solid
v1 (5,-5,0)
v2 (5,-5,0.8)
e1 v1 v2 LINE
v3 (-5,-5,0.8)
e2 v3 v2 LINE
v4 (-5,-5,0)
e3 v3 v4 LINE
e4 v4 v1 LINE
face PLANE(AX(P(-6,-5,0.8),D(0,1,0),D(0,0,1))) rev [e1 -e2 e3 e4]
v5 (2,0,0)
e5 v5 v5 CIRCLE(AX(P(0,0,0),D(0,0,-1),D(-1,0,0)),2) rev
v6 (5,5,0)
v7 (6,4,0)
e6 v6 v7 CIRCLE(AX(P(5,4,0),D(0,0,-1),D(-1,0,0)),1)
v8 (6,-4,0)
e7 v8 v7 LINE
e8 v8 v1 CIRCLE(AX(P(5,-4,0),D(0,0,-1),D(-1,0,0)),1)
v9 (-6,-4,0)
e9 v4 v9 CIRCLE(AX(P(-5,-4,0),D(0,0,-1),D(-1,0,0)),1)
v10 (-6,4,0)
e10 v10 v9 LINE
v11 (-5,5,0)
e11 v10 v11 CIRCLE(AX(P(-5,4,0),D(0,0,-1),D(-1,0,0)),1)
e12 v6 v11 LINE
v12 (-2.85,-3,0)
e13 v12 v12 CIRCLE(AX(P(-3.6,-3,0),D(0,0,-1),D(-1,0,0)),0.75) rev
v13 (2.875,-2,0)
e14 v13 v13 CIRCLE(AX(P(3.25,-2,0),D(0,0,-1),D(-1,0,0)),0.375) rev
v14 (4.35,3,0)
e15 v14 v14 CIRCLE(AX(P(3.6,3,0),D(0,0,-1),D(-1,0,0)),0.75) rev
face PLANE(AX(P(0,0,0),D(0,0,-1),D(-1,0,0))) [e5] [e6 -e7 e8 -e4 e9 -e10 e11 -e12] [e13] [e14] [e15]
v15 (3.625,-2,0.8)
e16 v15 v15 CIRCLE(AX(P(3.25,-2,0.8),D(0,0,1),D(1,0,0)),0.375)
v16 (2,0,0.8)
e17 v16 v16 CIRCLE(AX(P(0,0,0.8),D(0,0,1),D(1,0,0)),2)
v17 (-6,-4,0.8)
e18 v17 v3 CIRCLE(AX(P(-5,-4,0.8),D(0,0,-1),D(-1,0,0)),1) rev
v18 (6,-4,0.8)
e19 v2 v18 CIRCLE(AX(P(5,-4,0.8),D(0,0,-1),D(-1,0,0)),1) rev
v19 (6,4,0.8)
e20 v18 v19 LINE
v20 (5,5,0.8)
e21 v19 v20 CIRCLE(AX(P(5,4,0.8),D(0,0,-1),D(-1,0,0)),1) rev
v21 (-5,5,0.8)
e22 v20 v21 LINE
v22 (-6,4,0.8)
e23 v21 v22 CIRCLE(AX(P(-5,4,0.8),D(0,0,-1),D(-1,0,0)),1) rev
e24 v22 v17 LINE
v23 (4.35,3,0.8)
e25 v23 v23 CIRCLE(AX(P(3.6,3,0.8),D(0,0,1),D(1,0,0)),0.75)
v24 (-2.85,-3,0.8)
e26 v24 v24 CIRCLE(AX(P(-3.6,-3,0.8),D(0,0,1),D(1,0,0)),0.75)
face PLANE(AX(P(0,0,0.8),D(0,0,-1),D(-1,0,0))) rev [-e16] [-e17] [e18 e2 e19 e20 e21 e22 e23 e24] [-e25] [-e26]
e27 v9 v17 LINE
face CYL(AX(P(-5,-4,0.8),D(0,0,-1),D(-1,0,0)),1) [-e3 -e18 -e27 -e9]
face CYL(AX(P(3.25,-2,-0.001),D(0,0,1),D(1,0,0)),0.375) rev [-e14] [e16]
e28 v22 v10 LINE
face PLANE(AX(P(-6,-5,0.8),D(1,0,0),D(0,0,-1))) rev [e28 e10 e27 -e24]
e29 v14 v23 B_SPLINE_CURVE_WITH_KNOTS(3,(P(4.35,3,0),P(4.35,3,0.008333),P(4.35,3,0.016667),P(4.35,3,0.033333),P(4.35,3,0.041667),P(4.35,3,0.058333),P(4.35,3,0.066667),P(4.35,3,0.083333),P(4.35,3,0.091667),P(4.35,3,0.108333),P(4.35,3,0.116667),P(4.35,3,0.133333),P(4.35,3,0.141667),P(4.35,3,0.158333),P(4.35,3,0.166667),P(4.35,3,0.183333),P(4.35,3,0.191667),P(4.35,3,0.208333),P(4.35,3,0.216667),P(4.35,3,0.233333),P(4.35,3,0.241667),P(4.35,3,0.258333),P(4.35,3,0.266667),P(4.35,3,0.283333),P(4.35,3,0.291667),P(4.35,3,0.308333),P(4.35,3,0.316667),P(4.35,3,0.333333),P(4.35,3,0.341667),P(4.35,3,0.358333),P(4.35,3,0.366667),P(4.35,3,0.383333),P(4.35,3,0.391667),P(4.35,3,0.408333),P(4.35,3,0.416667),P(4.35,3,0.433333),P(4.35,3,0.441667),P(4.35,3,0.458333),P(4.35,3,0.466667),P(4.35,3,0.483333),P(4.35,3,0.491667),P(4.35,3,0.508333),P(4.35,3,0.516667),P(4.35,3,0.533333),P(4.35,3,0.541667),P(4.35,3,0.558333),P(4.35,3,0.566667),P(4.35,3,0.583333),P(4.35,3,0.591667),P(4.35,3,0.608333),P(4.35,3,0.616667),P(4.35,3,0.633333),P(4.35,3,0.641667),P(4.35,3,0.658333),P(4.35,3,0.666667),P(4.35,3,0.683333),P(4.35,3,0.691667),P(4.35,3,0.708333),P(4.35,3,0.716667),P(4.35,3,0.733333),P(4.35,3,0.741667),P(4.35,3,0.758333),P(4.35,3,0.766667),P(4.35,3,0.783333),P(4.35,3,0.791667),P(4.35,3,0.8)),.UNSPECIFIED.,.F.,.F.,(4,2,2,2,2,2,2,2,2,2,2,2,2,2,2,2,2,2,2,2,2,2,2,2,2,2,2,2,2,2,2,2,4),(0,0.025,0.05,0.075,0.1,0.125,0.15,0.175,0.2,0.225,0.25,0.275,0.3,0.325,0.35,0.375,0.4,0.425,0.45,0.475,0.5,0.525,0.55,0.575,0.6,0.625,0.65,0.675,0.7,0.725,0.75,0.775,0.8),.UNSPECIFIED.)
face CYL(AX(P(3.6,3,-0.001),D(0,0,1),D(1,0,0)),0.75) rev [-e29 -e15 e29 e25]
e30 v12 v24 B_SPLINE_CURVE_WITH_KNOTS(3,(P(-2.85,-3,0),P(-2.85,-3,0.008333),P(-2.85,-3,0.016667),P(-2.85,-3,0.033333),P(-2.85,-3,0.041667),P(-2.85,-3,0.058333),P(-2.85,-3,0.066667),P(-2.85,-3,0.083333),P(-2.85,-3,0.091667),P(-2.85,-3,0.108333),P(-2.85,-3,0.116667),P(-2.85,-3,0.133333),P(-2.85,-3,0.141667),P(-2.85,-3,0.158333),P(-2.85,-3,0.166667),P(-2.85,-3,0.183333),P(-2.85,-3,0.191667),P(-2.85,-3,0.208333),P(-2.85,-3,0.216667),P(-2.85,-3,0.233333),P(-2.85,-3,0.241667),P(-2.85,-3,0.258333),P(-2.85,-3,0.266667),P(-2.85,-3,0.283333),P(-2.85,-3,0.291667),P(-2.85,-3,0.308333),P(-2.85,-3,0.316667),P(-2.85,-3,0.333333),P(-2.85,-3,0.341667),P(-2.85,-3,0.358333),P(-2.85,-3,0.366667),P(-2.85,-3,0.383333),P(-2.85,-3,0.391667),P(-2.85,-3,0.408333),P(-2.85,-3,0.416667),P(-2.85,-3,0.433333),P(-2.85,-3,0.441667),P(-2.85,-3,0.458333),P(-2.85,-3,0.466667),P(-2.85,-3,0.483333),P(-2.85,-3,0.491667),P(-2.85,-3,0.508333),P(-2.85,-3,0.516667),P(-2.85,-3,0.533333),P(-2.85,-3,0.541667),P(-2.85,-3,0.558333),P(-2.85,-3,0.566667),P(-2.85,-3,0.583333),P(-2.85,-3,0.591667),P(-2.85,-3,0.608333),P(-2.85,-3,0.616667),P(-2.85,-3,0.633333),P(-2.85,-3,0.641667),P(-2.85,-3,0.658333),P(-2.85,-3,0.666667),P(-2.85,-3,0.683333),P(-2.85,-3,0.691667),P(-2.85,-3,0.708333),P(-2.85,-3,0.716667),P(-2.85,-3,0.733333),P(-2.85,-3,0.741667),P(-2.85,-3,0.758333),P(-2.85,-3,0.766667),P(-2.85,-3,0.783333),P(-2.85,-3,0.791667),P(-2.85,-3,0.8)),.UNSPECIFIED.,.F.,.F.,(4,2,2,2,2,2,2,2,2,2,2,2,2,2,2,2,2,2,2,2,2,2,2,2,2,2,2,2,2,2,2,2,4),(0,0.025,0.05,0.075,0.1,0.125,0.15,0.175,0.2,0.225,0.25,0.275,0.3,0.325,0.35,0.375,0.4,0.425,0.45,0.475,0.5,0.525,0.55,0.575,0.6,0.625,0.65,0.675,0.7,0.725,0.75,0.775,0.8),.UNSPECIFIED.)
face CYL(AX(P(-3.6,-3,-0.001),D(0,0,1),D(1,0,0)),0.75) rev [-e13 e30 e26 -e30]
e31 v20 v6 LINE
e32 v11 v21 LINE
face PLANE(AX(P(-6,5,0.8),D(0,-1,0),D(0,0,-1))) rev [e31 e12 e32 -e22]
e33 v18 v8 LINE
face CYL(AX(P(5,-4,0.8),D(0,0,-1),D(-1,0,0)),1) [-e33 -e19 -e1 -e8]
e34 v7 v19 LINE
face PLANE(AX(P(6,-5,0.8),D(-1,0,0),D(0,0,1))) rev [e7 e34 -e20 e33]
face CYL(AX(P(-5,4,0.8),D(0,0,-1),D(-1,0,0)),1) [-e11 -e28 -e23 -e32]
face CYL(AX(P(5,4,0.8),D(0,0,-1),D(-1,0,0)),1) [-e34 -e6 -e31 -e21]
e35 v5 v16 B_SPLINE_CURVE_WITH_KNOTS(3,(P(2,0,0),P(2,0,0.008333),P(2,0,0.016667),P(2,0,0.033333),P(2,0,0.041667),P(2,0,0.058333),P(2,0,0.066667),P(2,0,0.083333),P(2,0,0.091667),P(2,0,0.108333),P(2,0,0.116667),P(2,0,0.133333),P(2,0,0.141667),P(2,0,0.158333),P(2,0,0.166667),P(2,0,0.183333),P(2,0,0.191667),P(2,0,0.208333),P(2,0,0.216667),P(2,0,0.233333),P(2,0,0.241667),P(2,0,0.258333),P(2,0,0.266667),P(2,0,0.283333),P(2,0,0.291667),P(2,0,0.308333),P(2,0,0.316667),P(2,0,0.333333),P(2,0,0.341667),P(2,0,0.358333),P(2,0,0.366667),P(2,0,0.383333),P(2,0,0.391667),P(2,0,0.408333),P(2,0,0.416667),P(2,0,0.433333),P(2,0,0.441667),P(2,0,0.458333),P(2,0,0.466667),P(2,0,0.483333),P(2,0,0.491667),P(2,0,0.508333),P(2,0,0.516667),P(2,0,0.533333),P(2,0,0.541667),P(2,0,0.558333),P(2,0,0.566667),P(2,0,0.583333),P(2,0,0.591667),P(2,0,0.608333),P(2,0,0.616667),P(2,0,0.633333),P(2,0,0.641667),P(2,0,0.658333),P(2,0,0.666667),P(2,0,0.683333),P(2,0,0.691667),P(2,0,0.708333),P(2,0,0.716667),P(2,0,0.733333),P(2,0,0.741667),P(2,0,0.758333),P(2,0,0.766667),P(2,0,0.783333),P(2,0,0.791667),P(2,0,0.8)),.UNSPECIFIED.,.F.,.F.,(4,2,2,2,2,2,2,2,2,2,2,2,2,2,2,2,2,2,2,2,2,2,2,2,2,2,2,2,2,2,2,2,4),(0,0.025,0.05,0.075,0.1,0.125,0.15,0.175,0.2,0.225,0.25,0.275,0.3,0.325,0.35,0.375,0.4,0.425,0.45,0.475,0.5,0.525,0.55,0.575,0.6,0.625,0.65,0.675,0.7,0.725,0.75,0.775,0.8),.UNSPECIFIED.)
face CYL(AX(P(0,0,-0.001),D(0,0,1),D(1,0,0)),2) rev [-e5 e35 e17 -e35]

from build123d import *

# Parameters (mm, degrees)
SKETCH_1_W          = 12
SKETCH_1_H          = 10
EXTRUDE_1_DEPTH     = 0.8
CUT_EXTRUDE_1_REACH = 9.851
SKETCH_2_R          = 2
SKETCH_2_R_2        = 0.75
SKETCH_2_R_3        = 0.375
FILLET_1_R          = 1


with BuildPart() as part:
    # Эскиз1 → Бобышка-Вытянуть1 (new body)
    with BuildSketch(Plane.XY):
        Rectangle(SKETCH_1_W, SKETCH_1_H)
    extrude(amount=EXTRUDE_1_DEPTH)

    # Эскиз2 → Вырез-Вытянуть1 (cut, up to next)
    with BuildSketch(Plane.XY.offset(0.8), mode=Mode.PRIVATE) as cut_extrude_1_sk1:
        Circle(SKETCH_2_R)
    cut_extrude_1_tool1 = extrude(cut_extrude_1_sk1.sketch, amount=-CUT_EXTRUDE_1_REACH, mode=Mode.PRIVATE) & part.part
    # Эскиз2 → Вырез-Вытянуть1 (cut, up to next)
    with BuildSketch(Plane.XY.offset(0.8), mode=Mode.PRIVATE) as cut_extrude_1_sk2:
        with Locations((-3.6, -3)):
            Circle(SKETCH_2_R_2)
    cut_extrude_1_tool2 = extrude(cut_extrude_1_sk2.sketch, amount=-CUT_EXTRUDE_1_REACH, mode=Mode.PRIVATE) & part.part
    # Эскиз2 → Вырез-Вытянуть1 (cut, up to next)
    with BuildSketch(Plane.XY.offset(0.8), mode=Mode.PRIVATE) as cut_extrude_1_sk3:
        with Locations((3.6, 3)):
            Circle(SKETCH_2_R_2)
    cut_extrude_1_tool3 = extrude(cut_extrude_1_sk3.sketch, amount=-CUT_EXTRUDE_1_REACH, mode=Mode.PRIVATE) & part.part
    # Эскиз2 → Вырез-Вытянуть1 (cut, up to next)
    with BuildSketch(Plane.XY.offset(0.8), mode=Mode.PRIVATE) as cut_extrude_1_sk4:
        with Locations((3.25, -2)):
            Circle(SKETCH_2_R_3)
    cut_extrude_1_tool4 = extrude(cut_extrude_1_sk4.sketch, amount=-CUT_EXTRUDE_1_REACH, mode=Mode.PRIVATE) & part.part
    add(cut_extrude_1_tool1.solids().sort_by_distance((0, 0, 0.8))[0], mode=Mode.SUBTRACT)
    add(cut_extrude_1_tool2.solids().sort_by_distance((-3.6, -3, 0.8))[0], mode=Mode.SUBTRACT)
    add(cut_extrude_1_tool3.solids().sort_by_distance((3.6, 3, 0.8))[0], mode=Mode.SUBTRACT)
    add(cut_extrude_1_tool4.solids().sort_by_distance((3.25, -2, 0.8))[0], mode=Mode.SUBTRACT)

    # Скругление1
    fillet_1_edges = [part.edges().sort_by_distance(p)[0] for p in [
        (6, -5, 0.4),
        (-6, -5, 0.4),
        (-6, 5, 0.4),
        (6, 5, 0.4),
    ]]
    fillet(fillet_1_edges, radius=FILLET_1_R)


solid = part.part
